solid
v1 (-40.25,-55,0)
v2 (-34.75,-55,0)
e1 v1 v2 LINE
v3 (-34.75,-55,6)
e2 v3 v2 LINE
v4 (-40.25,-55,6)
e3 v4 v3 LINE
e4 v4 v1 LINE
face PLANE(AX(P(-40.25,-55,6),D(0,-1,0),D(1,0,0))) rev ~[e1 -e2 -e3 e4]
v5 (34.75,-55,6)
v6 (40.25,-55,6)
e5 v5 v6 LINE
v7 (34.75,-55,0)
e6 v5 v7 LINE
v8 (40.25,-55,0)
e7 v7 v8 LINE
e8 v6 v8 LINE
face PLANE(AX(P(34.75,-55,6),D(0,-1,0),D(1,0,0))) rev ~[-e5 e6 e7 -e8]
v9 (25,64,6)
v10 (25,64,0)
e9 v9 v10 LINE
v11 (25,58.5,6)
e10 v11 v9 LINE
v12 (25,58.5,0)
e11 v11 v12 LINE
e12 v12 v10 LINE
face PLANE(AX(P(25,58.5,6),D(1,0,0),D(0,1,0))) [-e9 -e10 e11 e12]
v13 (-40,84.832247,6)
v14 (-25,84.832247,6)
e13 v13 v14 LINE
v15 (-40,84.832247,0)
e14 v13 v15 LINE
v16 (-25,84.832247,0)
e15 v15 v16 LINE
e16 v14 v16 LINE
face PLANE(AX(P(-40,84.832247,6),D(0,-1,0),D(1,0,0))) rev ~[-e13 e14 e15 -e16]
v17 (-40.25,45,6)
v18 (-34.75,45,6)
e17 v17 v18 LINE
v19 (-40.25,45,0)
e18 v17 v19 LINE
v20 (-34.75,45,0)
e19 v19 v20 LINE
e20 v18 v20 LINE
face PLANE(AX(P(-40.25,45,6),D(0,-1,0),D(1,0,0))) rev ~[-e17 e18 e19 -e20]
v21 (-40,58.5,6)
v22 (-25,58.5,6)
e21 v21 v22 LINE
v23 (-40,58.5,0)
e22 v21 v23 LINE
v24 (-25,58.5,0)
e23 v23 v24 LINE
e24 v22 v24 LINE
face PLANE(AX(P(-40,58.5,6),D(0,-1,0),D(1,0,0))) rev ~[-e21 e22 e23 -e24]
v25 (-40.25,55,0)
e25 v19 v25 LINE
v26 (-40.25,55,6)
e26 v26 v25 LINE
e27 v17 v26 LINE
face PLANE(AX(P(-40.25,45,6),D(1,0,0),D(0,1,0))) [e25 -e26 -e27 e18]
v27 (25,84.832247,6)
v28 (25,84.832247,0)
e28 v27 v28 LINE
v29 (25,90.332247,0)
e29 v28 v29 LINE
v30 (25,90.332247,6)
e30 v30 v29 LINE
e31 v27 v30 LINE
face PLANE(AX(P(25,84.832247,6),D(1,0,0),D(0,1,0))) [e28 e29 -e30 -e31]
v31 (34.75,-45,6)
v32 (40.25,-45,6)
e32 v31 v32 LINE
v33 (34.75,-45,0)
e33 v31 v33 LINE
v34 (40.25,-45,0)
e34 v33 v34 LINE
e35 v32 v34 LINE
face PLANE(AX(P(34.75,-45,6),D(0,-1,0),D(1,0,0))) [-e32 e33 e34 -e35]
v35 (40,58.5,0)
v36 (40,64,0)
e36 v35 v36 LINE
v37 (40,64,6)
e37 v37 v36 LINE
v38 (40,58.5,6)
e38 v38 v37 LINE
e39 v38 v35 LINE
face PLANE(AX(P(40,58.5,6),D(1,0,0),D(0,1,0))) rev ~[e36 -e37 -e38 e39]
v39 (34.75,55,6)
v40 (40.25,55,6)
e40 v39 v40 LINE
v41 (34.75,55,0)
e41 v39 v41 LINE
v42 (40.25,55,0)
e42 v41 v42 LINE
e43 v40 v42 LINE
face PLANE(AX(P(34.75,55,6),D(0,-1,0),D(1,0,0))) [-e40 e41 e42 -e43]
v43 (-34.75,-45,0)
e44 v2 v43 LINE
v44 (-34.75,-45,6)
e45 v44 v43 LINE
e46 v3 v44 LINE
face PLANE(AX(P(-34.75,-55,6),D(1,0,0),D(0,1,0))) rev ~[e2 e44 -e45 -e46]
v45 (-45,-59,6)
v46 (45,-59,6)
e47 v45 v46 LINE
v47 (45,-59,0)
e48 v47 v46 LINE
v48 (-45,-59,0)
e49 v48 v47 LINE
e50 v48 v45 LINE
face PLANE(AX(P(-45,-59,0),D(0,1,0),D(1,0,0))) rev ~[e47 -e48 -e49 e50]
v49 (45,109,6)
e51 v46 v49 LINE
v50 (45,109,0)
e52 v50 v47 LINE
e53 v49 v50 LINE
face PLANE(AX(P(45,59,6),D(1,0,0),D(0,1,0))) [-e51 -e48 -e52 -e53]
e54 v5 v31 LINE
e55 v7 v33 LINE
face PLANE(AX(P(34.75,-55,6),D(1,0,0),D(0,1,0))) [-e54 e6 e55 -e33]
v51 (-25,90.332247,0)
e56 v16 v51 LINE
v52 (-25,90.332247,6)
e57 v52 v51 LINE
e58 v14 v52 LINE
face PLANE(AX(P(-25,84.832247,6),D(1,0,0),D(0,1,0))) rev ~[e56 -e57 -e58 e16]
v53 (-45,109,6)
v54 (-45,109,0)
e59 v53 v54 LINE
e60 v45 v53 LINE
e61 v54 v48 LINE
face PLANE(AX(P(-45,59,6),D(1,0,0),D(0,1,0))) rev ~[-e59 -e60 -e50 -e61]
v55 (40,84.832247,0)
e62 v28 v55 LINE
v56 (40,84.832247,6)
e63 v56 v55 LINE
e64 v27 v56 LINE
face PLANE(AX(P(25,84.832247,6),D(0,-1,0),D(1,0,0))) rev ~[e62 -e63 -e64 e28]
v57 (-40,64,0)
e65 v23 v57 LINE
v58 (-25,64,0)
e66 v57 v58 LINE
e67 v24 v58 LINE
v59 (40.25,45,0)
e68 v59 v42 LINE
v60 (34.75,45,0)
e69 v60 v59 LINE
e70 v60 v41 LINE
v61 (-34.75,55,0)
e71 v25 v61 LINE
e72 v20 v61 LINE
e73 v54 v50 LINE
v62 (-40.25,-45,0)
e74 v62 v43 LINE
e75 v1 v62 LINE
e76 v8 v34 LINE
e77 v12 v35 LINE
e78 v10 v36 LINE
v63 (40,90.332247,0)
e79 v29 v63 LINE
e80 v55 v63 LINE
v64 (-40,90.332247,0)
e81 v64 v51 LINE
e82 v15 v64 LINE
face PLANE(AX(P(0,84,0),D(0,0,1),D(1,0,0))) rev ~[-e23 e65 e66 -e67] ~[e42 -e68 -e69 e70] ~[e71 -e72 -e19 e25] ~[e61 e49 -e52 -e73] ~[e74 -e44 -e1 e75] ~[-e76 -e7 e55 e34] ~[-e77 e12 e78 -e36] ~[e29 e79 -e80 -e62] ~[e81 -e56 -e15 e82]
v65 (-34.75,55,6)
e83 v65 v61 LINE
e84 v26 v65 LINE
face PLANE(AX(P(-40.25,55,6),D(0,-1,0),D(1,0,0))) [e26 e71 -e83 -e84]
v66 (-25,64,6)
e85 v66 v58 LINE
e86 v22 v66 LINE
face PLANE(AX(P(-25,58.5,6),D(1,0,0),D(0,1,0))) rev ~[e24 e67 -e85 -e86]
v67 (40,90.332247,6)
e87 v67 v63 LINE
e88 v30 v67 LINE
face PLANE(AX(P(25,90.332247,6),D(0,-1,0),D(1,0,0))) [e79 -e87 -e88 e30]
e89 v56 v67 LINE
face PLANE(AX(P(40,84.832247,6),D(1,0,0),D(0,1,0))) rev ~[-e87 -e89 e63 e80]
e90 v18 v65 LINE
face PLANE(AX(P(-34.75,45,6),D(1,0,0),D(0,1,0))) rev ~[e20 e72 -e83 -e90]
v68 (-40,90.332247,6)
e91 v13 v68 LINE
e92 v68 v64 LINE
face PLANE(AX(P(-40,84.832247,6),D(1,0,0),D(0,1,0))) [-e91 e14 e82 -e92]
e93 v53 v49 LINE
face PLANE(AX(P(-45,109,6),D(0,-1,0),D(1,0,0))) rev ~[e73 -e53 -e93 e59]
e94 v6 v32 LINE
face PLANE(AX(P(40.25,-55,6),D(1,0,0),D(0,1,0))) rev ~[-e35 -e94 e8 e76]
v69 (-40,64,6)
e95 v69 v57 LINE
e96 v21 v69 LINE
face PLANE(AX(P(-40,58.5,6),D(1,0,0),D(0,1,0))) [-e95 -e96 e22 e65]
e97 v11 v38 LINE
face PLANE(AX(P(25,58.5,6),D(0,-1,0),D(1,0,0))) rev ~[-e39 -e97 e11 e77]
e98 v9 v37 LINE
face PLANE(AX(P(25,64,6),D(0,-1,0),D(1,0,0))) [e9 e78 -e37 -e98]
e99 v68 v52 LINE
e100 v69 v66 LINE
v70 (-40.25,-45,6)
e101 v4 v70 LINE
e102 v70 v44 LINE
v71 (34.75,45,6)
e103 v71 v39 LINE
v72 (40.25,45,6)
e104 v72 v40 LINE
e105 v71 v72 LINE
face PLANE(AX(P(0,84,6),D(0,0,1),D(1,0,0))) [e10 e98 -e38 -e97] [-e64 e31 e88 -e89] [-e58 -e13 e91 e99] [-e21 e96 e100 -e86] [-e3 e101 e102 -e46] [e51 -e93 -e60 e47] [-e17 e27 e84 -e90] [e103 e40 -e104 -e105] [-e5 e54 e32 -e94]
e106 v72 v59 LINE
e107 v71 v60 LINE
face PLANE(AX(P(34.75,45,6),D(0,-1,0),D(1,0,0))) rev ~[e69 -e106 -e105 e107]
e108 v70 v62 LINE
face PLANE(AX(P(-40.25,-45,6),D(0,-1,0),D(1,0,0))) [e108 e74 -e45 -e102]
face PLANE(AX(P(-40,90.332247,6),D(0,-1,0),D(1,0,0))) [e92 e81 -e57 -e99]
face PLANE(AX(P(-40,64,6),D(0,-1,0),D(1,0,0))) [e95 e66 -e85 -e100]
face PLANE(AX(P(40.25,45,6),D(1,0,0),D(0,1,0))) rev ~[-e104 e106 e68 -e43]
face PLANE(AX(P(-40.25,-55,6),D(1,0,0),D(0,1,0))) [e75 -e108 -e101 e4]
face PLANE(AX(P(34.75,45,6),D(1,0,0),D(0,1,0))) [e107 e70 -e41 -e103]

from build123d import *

# Parameters (mm, degrees)
F0_W     = 90
F0_H     = 118
F1_DEPTH = 6
F2_W     = 90
F2_H     = 50
F3_DEPTH = 6
F4_W     = 5.5
F4_H     = 10
F5_DEPTH = 6
F6_W     = 15
F6_H     = 5.5
F7_DEPTH = 6


with BuildPart() as f1:
    # F0 (on Top) → F1 (new body)
    with BuildSketch(Plane.XY):
        Rectangle(F0_W, F0_H)
    extrude(amount=F1_DEPTH)

    # F2 (on face) → F3 (join)
    with BuildSketch(Plane.XY.offset(6)):
        with Locations((0, 84)):
            Rectangle(F2_W, F2_H)
    extrude(amount=-F3_DEPTH)

    # F4 (on face) → F5 (cut)
    with BuildSketch(Plane.XY.offset(6)):
        with Locations((-37.5, 50)):
            Rectangle(F4_W, F4_H)
        with Locations((37.5, 50)):
            Rectangle(F4_W, F4_H)
        with Locations((37.5, -50)):
            Rectangle(F4_W, F4_H)
        with Locations((-37.5, -50)):
            Rectangle(F4_W, F4_H)
    extrude(amount=-F5_DEPTH, mode=Mode.SUBTRACT)

    # F6 (on face) → F7 (cut)
    with BuildSketch(Plane.XY.offset(6)):
        with Locations((-32.5, 61.25)):
            Rectangle(F6_W, F6_H)
        with Locations((32.5, 61.25)):
            Rectangle(F6_W, F6_H)
        with Locations((-32.5, 87.582247)):
            Rectangle(F6_W, F6_H)
        with Locations((32.5, 87.582247)):
            Rectangle(F6_W, F6_H)
    extrude(amount=-F7_DEPTH, mode=Mode.SUBTRACT)


solid = f1.part
